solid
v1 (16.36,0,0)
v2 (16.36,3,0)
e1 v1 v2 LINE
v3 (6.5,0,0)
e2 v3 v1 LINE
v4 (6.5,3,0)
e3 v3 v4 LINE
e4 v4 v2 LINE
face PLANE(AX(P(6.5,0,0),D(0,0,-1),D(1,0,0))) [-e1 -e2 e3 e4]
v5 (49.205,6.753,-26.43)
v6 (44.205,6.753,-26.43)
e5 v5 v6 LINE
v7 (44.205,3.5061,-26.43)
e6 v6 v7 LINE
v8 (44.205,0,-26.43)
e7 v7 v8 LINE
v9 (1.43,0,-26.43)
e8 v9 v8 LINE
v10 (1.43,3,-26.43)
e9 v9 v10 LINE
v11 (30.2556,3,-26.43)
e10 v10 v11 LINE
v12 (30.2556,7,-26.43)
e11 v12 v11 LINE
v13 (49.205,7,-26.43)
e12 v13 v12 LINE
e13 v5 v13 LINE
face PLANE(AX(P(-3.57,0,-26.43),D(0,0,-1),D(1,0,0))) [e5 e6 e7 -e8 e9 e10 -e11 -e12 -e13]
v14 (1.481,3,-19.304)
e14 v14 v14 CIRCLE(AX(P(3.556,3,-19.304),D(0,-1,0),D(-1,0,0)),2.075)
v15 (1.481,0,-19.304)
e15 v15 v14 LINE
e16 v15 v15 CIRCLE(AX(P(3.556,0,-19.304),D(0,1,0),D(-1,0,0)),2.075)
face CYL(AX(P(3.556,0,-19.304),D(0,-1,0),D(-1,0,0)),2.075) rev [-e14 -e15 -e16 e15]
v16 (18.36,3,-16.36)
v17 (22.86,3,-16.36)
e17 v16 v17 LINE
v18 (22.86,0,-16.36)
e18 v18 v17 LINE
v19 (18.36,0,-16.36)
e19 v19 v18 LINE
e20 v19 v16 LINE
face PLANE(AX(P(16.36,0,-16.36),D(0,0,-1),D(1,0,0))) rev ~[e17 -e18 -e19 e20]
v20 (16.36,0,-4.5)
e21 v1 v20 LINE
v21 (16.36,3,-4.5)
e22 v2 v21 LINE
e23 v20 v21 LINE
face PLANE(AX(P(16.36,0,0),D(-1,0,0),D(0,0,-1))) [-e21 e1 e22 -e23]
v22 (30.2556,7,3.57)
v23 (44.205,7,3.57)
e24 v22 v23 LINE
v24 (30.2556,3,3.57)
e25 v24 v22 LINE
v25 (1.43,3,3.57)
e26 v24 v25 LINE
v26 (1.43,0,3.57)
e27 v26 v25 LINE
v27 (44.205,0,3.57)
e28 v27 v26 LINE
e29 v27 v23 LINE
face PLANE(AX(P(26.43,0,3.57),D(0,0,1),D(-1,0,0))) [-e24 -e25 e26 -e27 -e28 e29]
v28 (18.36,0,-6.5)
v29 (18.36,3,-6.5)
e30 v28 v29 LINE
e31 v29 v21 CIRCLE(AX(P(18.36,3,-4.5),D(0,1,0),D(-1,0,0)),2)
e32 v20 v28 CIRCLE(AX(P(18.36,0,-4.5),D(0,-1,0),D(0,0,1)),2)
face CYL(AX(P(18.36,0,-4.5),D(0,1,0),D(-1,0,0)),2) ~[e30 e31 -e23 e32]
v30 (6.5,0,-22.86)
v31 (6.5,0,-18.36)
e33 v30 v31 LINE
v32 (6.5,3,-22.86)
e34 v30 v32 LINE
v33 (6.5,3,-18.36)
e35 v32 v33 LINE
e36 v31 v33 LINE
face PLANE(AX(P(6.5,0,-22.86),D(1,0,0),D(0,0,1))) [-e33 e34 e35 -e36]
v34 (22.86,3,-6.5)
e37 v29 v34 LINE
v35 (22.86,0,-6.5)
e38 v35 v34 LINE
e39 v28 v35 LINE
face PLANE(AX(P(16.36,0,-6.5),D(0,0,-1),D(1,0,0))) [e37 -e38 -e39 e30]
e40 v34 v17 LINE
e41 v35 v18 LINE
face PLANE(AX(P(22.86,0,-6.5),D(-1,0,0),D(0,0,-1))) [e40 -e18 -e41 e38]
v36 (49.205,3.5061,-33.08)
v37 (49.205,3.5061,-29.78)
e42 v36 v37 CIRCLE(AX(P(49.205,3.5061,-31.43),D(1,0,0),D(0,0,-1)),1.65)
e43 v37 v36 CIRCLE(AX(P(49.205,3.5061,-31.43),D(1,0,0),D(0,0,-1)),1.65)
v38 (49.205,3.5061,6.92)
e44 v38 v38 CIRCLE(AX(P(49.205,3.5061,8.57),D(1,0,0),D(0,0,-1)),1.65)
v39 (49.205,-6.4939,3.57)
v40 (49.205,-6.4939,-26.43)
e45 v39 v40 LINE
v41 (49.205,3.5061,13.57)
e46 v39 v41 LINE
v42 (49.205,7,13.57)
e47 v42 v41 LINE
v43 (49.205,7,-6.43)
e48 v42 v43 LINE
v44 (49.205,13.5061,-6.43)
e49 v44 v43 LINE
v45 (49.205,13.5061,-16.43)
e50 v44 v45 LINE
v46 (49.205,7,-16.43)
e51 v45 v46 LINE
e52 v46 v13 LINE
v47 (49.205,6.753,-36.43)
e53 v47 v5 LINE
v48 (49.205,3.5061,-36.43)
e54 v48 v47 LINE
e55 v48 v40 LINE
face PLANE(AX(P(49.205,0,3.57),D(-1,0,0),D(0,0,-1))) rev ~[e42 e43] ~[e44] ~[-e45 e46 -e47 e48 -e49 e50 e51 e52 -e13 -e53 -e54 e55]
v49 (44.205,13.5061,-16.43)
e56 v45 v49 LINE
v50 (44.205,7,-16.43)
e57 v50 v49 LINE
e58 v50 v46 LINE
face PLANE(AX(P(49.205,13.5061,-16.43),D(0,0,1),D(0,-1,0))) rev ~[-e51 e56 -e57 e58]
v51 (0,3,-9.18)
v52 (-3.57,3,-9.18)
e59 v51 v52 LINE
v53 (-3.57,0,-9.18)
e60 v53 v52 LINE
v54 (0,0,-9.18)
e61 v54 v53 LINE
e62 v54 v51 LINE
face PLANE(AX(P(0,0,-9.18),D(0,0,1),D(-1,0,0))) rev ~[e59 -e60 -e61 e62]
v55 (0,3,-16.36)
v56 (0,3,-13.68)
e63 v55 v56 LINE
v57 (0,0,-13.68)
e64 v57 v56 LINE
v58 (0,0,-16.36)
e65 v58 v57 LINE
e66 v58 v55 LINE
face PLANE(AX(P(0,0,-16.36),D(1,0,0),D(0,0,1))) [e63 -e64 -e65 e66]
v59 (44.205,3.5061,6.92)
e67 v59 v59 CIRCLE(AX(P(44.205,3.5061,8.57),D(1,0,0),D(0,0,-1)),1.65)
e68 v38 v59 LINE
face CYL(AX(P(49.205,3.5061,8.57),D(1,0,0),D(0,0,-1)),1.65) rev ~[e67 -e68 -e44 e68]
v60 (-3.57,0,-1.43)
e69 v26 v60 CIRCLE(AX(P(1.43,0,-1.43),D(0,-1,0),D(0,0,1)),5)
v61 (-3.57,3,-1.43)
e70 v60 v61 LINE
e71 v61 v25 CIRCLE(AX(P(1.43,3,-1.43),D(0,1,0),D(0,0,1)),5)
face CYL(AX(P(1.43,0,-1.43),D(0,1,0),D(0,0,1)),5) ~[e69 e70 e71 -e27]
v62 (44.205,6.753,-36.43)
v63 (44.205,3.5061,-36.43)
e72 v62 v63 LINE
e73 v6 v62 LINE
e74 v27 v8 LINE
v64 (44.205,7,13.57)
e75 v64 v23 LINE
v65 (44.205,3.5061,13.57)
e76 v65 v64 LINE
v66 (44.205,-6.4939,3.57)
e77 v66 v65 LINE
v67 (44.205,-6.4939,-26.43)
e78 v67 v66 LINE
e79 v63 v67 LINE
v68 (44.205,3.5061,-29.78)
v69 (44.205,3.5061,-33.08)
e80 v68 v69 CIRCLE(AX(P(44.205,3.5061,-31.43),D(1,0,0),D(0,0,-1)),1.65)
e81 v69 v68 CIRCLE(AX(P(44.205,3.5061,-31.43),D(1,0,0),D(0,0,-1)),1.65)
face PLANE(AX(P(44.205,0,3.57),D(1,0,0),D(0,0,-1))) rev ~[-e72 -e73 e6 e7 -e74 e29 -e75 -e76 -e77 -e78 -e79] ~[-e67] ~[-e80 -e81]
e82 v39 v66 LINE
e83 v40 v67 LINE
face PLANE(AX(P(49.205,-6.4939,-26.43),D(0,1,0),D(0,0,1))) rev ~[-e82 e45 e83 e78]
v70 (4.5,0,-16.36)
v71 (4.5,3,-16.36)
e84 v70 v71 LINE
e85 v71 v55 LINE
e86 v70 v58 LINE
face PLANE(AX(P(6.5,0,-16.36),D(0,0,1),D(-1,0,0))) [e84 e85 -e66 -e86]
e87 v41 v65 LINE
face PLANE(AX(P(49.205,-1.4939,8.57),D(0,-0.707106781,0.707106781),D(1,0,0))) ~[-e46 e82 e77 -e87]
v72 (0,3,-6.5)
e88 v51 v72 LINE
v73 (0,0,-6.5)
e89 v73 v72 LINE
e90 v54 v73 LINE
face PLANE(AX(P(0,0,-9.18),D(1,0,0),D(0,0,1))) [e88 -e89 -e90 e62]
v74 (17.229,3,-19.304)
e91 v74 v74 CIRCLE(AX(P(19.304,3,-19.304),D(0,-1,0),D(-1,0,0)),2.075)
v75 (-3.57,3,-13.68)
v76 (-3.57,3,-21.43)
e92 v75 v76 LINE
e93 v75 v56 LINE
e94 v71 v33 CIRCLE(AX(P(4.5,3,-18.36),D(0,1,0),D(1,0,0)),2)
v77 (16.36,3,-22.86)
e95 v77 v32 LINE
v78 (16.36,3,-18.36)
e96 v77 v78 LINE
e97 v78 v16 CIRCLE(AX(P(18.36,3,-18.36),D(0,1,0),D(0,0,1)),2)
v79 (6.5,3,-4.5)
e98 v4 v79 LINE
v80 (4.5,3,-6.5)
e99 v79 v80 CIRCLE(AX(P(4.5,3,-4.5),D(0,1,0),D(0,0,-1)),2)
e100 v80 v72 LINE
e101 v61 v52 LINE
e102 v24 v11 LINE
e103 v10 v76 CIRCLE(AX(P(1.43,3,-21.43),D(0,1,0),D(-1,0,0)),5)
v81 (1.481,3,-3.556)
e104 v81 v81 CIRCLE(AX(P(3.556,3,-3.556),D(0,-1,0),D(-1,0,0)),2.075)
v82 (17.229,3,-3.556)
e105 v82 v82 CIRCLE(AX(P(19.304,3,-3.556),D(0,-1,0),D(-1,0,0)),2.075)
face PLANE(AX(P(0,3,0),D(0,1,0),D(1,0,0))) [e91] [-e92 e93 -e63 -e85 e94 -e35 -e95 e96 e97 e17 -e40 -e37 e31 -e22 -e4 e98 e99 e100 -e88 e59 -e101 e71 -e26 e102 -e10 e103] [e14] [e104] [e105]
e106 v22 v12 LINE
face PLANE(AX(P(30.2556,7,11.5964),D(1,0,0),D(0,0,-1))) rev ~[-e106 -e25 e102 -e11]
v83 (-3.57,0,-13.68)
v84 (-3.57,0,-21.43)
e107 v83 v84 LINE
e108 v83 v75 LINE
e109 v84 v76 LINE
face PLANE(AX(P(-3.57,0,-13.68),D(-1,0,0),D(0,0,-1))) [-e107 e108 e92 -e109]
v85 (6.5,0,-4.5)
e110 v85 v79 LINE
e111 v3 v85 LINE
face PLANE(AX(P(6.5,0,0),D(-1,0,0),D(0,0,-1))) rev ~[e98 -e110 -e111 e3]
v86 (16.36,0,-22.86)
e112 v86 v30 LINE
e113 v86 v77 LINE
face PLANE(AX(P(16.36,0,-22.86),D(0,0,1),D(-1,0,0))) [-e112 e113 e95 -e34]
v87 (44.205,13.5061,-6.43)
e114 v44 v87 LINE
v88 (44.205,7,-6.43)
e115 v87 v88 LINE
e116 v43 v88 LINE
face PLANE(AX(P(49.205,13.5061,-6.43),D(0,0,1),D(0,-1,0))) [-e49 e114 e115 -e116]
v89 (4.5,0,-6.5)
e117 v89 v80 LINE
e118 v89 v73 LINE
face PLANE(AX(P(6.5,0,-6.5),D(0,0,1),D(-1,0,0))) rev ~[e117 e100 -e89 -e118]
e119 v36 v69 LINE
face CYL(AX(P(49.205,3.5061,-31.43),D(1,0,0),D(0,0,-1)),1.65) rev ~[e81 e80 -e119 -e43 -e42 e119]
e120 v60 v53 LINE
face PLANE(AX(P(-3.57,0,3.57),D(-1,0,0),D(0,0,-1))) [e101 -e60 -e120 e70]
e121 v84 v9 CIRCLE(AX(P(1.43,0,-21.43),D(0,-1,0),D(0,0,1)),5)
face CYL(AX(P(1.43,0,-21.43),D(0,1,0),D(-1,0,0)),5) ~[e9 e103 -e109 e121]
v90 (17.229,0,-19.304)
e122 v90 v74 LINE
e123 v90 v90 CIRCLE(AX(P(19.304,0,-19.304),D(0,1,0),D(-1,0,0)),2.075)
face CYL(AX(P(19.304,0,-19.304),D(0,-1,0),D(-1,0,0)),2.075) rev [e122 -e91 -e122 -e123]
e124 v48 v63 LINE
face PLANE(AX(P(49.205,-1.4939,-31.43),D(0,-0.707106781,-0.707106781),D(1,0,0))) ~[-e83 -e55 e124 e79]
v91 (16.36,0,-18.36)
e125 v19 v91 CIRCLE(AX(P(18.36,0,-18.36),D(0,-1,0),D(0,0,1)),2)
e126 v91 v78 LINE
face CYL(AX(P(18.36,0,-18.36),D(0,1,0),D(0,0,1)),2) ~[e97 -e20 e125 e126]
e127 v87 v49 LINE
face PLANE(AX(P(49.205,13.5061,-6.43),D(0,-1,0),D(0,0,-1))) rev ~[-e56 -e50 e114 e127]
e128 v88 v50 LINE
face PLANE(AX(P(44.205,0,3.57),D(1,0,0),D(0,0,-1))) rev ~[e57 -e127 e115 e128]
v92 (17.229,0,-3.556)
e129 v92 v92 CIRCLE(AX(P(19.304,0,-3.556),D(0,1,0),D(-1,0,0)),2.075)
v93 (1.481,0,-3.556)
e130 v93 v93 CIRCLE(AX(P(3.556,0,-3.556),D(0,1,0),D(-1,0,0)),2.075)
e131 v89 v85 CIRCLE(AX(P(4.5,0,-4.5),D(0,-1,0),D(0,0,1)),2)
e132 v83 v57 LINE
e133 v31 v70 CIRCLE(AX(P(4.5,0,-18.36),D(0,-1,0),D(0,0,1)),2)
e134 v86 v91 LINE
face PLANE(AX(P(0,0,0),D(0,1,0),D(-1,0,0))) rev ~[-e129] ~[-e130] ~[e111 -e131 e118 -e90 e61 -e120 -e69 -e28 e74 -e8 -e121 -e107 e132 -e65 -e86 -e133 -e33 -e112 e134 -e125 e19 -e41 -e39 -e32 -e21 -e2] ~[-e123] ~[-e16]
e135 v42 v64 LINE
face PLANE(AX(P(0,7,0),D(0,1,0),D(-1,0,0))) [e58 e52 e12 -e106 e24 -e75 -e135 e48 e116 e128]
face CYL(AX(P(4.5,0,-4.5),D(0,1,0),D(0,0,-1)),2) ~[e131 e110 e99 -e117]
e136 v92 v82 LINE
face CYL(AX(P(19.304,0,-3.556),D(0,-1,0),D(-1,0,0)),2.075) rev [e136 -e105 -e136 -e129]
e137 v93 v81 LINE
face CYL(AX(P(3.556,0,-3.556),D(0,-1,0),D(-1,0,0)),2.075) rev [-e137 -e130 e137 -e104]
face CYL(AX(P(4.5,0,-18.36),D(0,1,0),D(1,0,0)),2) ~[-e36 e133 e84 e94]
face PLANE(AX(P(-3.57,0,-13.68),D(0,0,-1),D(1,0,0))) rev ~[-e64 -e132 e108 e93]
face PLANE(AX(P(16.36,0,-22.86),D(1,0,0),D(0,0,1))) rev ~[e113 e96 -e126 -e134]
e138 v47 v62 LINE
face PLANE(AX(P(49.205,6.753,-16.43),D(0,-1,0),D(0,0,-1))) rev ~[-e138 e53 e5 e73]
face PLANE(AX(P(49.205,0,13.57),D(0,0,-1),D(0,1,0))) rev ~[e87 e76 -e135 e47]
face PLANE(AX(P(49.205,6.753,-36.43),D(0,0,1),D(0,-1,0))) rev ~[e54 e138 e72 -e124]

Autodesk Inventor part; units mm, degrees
ref_plane "YZ Plane" through (0, 0, 0) normal (1, 0, 0) x (0, 1, 0)
ref_plane "XZ Plane" through (0, 0, 0) normal (0, 1, 0) x (-1, 0, 0)
ref_plane "XY Plane" through (0, 0, 0) normal (0, 0, 1) x (1, 0, 0)
sketch "Sketch1" plane through (0, 0, 0) normal (0, 1, 0) x (-1, 0, 0)
  line L0 (0, 0) -> (-22.86, 0)
  line L1 (-22.86, 0) -> (-22.86, -22.86)
  line L2 (-22.86, -22.86) -> (0, -22.86)
  line L3 (0, -22.86) -> (0, 0)
  line L4 (-22.86, -22.86) -> (-19.304, -22.86)
  line L5 (-19.304, -22.86) -> (-19.304, -19.304) construction
  line L6 (-19.304, -19.304) -> (-22.86, -19.304) construction
  line L7 (-22.86, -19.304) -> (-22.86, -22.86)
  line L8 (0, -22.86) -> (-3.556, -22.86)
  line L9 (-3.556, -22.86) -> (-3.556, -19.304) construction
  line L10 (-3.556, -19.304) -> (0, -19.304) construction
  line L11 (0, -19.304) -> (0, -22.86)
  line L12 (0, 0) -> (-3.556, 0)
  line L13 (-3.556, 0) -> (-3.556, -3.556) construction
  line L14 (-3.556, -3.556) -> (0, -3.556) construction
  line L15 (0, -3.556) -> (0, 0)
  line L16 (-22.86, 0) -> (-19.304, 0)
  line L17 (-19.304, 0) -> (-19.304, -3.556) construction
  line L18 (-19.304, -3.556) -> (-22.86, -3.556) construction
  line L19 (-22.86, -3.556) -> (-22.86, 0)
  circle A0 centre (-3.556, -19.304) radius 2.075
  circle A1 centre (-19.304, -19.304) radius 2.075
  circle A2 centre (-19.304, -3.556) radius 2.075
  circle A3 centre (-3.556, -3.556) radius 2.075
  line L20 (3.57, -26.43) -> (-26.43, -26.43)
  line L21 (-26.43, -26.43) -> (-26.43, 3.57)
  line L22 (-26.43, 3.57) -> (3.57, 3.57)
  line L23 (3.57, 3.57) -> (3.57, -26.43)
  line L24 (0, 0) -> (-6.5, 0)
  line L25 (-6.5, 0) -> (-6.5, -6.5)
  line L26 (-6.5, -6.5) -> (0, -6.5)
  line L27 (0, -6.5) -> (0, 0)
  line L28 (0, -22.86) -> (-6.5, -22.86)
  line L29 (-6.5, -22.86) -> (-6.5, -16.36)
  line L30 (-6.5, -16.36) -> (0, -16.36)
  line L31 (0, -16.36) -> (0, -22.86)
  line L32 (-22.86, -22.86) -> (-16.36, -22.86)
  line L33 (-16.36, -22.86) -> (-16.36, -16.36)
  line L34 (-16.36, -16.36) -> (-22.86, -16.36)
  line L35 (-22.86, -16.36) -> (-22.86, -22.86)
  line L36 (-22.86, 0) -> (-16.36, 0)
  line L37 (-16.36, 0) -> (-16.36, -6.5)
  line L38 (-16.36, -6.5) -> (-22.86, -6.5)
  line L39 (-22.86, -6.5) -> (-22.86, 0)
  line L40 (-26.43, 3.57) -> (-49.205, 3.57)
  line L41 (-49.205, 3.57) -> (-49.205, -26.43)
  line L42 (-49.205, -26.43) -> (-26.43, -26.43)
  line L43 (-26.43, -26.43) -> (-26.43, 3.57)
  circle A4 centre (-11.43, -11.43) radius 5
  line L44 (-9.3887, -15.2384) -> (-13.3887, -15.2384)
  line L45 (-13.3887, -15.2384) -> (-13.3887, -23.9816)
  line L46 (-13.3887, -23.9816) -> (-9.3887, -23.9816)
  line L47 (-9.3887, -15.2384) -> (-13.3887, -23.9816) construction
  line L48 (-13.3887, -15.2384) -> (-9.3887, -23.9816) construction
  line L49 (5.2257, -13.68) -> (-9.4126, -13.68)
  line L50 (-9.4126, -13.68) -> (-9.4126, -9.18)
  line L51 (-9.4126, -9.18) -> (5.2257, -9.18)
  line L52 (5.2257, -9.18) -> (5.2257, -13.68)
  line L53 (5.2257, -13.68) -> (-9.4126, -9.18) construction
  line L54 (-9.4126, -13.68) -> (5.2257, -9.18) construction
  point P0 (0, -16.36)
  point P1 (0, -6.5)
  point P2 (-11.3887, -19.61)
  point P3 (-2.0935, -11.43)
  point P4 (0, -9.18)
  point P5 (3.57, -9.18)
  point P6 (3.57, -13.68)
  point P7 (0, -13.68)
  dimension "d2" = 22.86
  dimension "d3" = 22.86
  dimension "d4" = 3.556
  dimension "d5" = 3.556
  dimension "d6" = 3.556
  dimension "d7" = 3.556
  dimension "d8" = 3.556
  dimension "d9" = 3.556
  dimension "d10" = 3.556
  dimension "d11" = 3.556
  dimension "d12" = 4.15
  dimension "d13" = 4.15
  dimension "d14" = 4.15
  dimension "d15" = 4.15
  dimension "d16" = 30
  dimension "d17" = 30
  dimension "d18" = 3.57
  dimension "d19" = 3.57
  dimension "d20" = 6.5
  dimension "d21" = 6.5
  dimension "d22" = 6.5
  dimension "d23" = 6.5
  dimension "d24" = 6.5
  dimension "d25" = 6.5
  dimension "d26" = 6.5
  dimension "d31" = 10
  dimension "d32" = 15
  dimension "d33" = 15
  dimension "d34" = 37.775
  dimension "d69" = 4
  dimension "d70" = 4.5
extrude "Extrusion1" add sketch "Sketch1" along normal blind 7 contours L3 L26 L25 L0 | L0 L1 L2 L3 L49 L23 L20 L21 L22 L51 | L37 L38 L1 L0 | L3 L2 L29 L30 | L34 L33 L2 L1 | L21 L42 L41 L40
fillet "Fillet1" radius 2 4 edges at (6.5, 3.5, -16.36) (16.36, 3.5, -16.36) (16.36, 3.5, -6.5) (6.5, 3.5, -6.5)
sketch "Sketch4" plane through (49.205, 0, 3.57) normal (1, 0, 0) x (0, 0, -1)
  line L0 (-10, 13.5061) -> (40, 13.5061)
  line L1 (40, 13.5061) -> (40, -6.4939)
  line L2 (40, -6.4939) -> (-10, -6.4939)
  line L3 (-10, -6.4939) -> (-10, 13.5061)
  line L4 (-10, 13.5061) -> (40, -6.4939) construction
  line L5 (40, 13.5061) -> (-10, -6.4939) construction
  line L6 (30, 0) -> (30, 7) projected
  line L7 (15, 3.5061) -> (35, 3.5061)
  circle A0 centre (35, 3.5061) radius 1.65
  circle A1 centre (-5, 3.5061) radius 1.65
  line L8 (-10, 0) -> (40, 0)
  line L9 (40, 0) -> (40, 13.5061)
  line L10 (40, 13.5061) -> (-10, 13.5061)
  line L11 (-10, 13.5061) -> (-10, 0)
  line L12 (-10, -6.4939) -> (0, -6.4939)
  line L13 (0, -6.4939) -> (0, 0)
  line L14 (0, 0) -> (-10, 0)
  line L15 (-10, 0) -> (-10, -6.4939)
  line L16 (40, -6.4939) -> (30, -6.4939)
  line L17 (30, -6.4939) -> (30, 0)
  line L18 (30, 0) -> (40, 0)
  line L19 (40, 0) -> (40, -6.4939)
  line L20 (40, 13.5061) -> (20, 13.5061)
  line L21 (20, 13.5061) -> (20, 6.753)
  line L22 (20, 6.753) -> (40, 6.753)
  line L23 (40, 6.753) -> (40, 13.5061)
  line L24 (0, 7) -> (30, 7) projected
  line L25 (-10, 13.5061) -> (10, 13.5061)
  line L26 (10, 13.5061) -> (10, 7)
  line L27 (10, 7) -> (-10, 7)
  line L28 (-10, 7) -> (-10, 13.5061)
  point P0 (3.57, 0)
  point P1 (40, -3.247)
  point P2 (-10, -3.247)
  point P3 (-10, 10.253)
  point P4 (10, 10.253)
  point P5 (40, 10.1296)
  point P6 (20, 13.5061)
  point P7 (10, 13.5061)
  point P8 (-10, 7)
  point P9 (40, 6.753)
  dimension "d46" = 50
  dimension "d47" = 20
  dimension "d48" = 15
  dimension "d49" = 10
  dimension "d56" = 20
  dimension "d57" = 20
  dimension "d58" = 3.3
  dimension "d59" = 3.3
  dimension "d66" = 10
  dimension "d67" = 20
  dimension "d68" = 20
extrude "Extrusion4" add sketch "Sketch4" against normal blind 5 contours L0 L21 L24 L26 | L27 L24 L21 L22 L6 L8 L3 | L8 L13 L2 L3 | L8 L17 L2 L13 | L1 L8 L6 L22 | L8 L1 L2 L17
fillet "Fillet2" radius 5 2 edges at (-3.57, 3.5, -26.43) (-3.57, 3.5, 3.57)
chamfer "Chamfer1" distance 10 angle 45 2 edges at (46.705, -6.4939, 13.57) (46.705, -6.4939, -36.43)
sketch "Sketch5" plane through (0, 7, 0) normal (0, 1, 0) x (1, 0, 0)
  line L0 (-8.8762, -11.5964) -> (30.2556, -11.5964)
  line L1 (30.2556, -11.5964) -> (30.2556, 37.6524)
  line L2 (30.2556, 37.6524) -> (-8.8762, 37.6524)
  line L3 (-8.8762, 37.6524) -> (-8.8762, -11.5964)
  point P0 (0, 0)
extrude "Extrusion5" cut sketch "Sketch5" against normal blind 4
properties part number "as5600mount"
